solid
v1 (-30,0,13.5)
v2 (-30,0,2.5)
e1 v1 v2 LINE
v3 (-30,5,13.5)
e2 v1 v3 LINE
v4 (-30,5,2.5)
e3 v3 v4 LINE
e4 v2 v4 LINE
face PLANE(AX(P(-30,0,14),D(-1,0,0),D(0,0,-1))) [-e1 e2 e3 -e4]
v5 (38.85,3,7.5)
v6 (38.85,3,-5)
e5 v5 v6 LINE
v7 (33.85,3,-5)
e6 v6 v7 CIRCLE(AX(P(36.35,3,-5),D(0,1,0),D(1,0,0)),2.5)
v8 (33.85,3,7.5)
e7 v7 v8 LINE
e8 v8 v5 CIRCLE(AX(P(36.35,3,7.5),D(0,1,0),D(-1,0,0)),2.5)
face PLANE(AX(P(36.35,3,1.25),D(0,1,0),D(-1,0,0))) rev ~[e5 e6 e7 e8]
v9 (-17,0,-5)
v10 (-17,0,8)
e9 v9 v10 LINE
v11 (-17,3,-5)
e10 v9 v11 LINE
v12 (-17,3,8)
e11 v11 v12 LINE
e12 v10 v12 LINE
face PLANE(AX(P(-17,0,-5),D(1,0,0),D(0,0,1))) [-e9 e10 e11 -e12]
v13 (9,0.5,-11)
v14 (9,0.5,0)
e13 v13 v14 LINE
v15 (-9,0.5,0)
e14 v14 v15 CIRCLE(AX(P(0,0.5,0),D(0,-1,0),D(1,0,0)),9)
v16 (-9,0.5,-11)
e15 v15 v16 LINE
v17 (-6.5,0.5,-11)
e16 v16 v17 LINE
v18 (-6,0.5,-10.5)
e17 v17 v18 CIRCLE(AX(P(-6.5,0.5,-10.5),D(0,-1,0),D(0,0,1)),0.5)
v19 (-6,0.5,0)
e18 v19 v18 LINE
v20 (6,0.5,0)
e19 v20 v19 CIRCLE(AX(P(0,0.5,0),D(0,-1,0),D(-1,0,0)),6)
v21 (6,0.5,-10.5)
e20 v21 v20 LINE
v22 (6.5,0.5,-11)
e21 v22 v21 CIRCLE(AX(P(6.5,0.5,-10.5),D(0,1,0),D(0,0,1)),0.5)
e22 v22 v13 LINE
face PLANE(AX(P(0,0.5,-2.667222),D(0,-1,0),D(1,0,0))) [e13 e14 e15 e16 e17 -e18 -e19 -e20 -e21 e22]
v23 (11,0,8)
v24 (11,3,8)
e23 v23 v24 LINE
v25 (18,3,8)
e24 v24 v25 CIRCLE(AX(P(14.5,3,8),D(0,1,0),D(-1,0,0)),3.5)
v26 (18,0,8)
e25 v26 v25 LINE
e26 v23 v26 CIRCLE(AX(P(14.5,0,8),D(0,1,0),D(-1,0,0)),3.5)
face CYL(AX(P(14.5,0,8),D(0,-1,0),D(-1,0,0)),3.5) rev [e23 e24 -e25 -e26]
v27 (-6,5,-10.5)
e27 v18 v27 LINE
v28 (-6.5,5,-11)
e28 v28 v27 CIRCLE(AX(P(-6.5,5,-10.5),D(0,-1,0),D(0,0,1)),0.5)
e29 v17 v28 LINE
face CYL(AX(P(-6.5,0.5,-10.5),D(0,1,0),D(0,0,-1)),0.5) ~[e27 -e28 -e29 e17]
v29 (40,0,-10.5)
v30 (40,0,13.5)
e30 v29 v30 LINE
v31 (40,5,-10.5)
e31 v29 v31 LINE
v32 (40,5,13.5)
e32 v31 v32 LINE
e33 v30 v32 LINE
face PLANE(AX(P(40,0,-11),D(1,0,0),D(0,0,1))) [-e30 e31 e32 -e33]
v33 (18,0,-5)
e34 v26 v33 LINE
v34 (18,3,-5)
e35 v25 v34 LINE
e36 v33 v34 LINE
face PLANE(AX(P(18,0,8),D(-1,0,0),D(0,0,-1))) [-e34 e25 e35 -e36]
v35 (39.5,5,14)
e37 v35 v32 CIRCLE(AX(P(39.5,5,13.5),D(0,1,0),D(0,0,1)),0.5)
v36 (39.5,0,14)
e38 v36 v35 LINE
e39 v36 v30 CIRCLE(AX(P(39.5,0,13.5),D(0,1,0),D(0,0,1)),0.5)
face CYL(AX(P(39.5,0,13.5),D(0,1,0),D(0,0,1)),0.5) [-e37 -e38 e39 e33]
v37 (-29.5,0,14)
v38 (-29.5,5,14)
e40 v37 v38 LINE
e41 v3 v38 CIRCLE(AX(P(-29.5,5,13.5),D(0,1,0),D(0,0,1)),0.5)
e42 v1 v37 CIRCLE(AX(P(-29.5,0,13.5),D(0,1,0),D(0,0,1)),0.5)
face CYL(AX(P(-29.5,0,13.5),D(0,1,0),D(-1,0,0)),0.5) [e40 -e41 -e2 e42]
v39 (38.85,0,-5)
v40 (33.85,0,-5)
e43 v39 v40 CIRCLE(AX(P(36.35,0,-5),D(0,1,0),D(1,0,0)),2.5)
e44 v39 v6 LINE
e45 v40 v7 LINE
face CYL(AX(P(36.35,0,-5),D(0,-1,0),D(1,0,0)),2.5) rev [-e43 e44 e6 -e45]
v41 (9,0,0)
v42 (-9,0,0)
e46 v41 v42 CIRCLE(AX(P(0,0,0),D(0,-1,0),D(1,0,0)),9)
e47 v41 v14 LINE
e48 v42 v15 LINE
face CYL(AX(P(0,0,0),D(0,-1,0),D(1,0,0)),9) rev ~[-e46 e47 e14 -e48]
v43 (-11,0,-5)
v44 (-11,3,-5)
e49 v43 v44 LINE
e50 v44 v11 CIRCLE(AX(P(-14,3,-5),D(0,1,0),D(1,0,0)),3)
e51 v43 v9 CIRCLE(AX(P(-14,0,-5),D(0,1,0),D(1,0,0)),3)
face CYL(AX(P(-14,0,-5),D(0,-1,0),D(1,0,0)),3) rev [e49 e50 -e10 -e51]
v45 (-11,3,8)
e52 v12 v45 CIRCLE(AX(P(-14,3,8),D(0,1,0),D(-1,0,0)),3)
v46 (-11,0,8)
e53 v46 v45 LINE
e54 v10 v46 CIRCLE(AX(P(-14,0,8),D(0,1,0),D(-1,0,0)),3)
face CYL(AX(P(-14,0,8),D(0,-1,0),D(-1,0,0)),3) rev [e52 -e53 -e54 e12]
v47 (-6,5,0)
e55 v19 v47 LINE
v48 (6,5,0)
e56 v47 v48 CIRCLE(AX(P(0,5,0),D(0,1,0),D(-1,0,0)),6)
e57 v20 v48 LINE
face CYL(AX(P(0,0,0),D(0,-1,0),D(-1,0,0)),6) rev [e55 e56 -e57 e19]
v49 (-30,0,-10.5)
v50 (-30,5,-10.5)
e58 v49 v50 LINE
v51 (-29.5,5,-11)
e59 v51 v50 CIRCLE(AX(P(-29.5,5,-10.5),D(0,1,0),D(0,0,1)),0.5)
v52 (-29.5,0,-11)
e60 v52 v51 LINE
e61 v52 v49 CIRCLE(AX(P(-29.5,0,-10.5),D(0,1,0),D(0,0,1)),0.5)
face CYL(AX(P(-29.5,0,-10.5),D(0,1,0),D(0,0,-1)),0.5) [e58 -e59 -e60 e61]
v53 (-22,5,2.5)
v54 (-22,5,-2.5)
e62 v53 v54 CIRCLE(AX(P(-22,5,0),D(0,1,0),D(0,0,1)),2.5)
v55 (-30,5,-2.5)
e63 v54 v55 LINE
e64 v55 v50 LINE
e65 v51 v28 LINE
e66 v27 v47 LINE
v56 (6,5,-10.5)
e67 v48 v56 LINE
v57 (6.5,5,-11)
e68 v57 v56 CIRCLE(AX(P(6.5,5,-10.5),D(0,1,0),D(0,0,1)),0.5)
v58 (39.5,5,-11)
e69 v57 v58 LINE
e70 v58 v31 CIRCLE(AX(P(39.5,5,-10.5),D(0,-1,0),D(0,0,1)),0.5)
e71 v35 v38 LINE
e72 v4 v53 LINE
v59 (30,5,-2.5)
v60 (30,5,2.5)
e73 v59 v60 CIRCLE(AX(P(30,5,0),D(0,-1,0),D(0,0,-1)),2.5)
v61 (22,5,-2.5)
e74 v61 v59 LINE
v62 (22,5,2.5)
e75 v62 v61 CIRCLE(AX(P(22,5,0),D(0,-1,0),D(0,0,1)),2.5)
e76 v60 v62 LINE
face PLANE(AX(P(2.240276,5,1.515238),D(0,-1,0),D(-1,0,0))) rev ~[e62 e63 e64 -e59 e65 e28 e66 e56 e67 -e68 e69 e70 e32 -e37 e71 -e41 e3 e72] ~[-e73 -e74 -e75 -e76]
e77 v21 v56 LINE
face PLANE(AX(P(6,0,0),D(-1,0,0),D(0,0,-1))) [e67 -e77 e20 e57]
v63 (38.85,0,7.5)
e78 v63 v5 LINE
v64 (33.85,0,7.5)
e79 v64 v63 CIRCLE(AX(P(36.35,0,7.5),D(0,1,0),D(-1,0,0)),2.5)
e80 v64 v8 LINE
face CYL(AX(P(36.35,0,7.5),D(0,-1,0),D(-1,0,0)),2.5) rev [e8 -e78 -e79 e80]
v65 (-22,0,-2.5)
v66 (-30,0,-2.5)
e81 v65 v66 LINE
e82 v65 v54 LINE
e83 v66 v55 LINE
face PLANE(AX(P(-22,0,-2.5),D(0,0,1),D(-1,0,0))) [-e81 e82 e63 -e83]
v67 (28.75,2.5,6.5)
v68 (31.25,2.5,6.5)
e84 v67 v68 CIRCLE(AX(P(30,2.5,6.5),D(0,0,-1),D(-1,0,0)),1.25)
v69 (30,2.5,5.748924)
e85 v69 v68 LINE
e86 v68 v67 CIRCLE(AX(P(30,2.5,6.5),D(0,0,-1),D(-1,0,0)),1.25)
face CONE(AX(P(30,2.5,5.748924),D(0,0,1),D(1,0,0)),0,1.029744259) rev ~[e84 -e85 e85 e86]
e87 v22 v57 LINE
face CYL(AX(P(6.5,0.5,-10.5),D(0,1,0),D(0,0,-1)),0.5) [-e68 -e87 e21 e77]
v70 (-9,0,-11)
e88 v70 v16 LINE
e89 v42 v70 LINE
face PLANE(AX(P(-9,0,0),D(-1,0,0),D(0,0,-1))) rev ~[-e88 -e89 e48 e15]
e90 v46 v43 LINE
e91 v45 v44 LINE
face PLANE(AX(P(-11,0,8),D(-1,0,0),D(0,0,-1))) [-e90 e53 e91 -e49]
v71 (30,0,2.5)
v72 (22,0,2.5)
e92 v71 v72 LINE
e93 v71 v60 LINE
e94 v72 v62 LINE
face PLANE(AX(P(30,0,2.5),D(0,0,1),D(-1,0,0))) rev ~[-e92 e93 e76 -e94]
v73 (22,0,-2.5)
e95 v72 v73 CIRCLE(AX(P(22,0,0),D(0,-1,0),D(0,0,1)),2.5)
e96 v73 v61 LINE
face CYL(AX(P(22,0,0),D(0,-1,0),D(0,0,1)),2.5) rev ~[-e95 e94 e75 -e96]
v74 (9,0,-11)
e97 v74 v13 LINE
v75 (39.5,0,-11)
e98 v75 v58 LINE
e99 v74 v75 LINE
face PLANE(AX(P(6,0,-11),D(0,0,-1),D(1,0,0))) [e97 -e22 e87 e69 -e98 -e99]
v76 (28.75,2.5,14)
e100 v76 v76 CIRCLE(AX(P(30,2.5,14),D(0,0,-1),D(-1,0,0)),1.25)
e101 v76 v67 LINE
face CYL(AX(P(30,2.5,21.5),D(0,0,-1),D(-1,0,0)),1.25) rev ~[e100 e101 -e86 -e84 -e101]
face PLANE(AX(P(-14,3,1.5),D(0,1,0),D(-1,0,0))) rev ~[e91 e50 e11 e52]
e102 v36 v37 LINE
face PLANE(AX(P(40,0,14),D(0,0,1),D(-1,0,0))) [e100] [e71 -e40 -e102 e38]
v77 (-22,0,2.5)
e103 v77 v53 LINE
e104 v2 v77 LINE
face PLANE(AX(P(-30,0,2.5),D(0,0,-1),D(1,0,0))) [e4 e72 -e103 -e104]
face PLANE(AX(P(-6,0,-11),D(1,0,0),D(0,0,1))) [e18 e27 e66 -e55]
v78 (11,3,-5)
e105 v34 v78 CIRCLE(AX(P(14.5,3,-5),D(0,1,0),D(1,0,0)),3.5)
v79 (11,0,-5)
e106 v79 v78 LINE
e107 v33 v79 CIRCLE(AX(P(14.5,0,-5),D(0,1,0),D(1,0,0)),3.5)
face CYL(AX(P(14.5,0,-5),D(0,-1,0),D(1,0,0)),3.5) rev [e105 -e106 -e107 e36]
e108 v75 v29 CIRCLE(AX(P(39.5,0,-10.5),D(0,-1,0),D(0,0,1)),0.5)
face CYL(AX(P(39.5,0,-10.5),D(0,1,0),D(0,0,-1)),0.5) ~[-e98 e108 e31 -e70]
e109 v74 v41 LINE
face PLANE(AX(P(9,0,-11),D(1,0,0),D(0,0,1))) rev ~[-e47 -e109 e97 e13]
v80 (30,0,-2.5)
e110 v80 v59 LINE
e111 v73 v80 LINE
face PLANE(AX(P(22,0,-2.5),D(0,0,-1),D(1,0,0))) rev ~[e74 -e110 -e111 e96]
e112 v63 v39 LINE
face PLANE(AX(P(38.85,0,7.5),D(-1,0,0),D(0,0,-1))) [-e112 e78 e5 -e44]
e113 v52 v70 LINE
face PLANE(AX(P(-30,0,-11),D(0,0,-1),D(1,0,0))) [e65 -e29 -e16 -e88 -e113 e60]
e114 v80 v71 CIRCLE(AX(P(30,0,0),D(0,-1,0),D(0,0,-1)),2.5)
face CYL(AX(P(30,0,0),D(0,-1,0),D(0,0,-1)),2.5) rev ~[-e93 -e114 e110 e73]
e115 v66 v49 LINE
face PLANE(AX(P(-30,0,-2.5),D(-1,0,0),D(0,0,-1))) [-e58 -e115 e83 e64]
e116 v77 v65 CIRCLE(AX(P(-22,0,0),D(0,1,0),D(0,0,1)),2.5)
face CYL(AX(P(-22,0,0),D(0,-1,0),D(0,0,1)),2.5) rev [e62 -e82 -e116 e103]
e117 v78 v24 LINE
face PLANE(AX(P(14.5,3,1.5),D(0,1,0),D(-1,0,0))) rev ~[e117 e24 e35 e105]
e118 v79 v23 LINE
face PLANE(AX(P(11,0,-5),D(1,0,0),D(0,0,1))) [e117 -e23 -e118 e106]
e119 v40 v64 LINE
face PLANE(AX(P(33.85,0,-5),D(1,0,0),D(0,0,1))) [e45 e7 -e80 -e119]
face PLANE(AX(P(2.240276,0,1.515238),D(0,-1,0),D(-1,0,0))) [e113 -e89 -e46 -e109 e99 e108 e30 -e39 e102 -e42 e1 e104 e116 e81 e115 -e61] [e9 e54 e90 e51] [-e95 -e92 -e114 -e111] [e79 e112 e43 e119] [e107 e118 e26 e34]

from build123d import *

# Parameters (mm, degrees)
BOSS_EXTRUDE1_DEPTH       = 5
CUT_EXTRUDE1_DEPTH        = 0.5
CUT_EXTRUDE2_DEPTH        = 3
M3X0_5_TAPPED_HOLE1_D     = 2.5
M3X0_5_TAPPED_HOLE1_DEPTH = 7.5
M3X0_5_TAPPED_HOLE1_TIP   = 0.751075774
FILLET1_R                 = 0.5


with BuildPart() as part:
    # Sketch1 → Boss-Extrude1 (new body)
    with BuildSketch(Plane(origin=(0, 0, 0), x_dir=(1, 0, 0), z_dir=(0, 1, 0))):
        with BuildLine():
            Line((-30, 11), (-6, 11))
            Line((-6, 11), (-6, 0))
            ThreePointArc((-6, 0), (0, -6), (6, 0))
            Line((6, 0), (6, 11))
            Line((6, 11), (40, 11))
            Line((40, 11), (40, -14))
            Line((40, -14), (-30, -14))
            Line((-30, -14), (-30, -2.5))
            Line((-30, -2.5), (-22, -2.5))
            ThreePointArc((-22, -2.5), (-19.5, 0), (-22, 2.5))
            Line((-22, 2.5), (-30, 2.5))
            Line((-30, 2.5), (-30, 11))
        make_face()
        with BuildLine():
            Line((22, 2.5), (30, 2.5))
            ThreePointArc((30, 2.5), (32.5, 0), (30, -2.5))
            Line((30, -2.5), (22, -2.5))
            ThreePointArc((22, -2.5), (19.5, 0), (22, 2.5))
        make_face(mode=Mode.SUBTRACT)
    extrude(amount=BOSS_EXTRUDE1_DEPTH)

    # Sketch2 → Cut-Extrude1 (cut)
    with BuildSketch(Plane.XZ):
        with BuildLine():
            Line((-9, 0), (-9, -11))
            Line((-9, -11), (9, -11))
            Line((9, -11), (9, 0))
            ThreePointArc((9, 0), (0, 9), (-9, 0))
        make_face()
    extrude(amount=-CUT_EXTRUDE1_DEPTH, mode=Mode.SUBTRACT)

    # Sketch3 → Cut-Extrude2 (cut)
    with BuildSketch(Plane.XZ):
        with BuildLine():
            Line((-11, 8), (-11, -5))
            ThreePointArc((-11, -5), (-14, -8), (-17, -5))
            Line((-17, -5), (-17, 8))
            ThreePointArc((-17, 8), (-14, 11), (-11, 8))
        make_face()
        with BuildLine():
            Line((18, 8), (18, -5))
            ThreePointArc((18, -5), (14.5, -8.5), (11, -5))
            Line((11, -5), (11, 8))
            ThreePointArc((11, 8), (14.5, 11.5), (18, 8))
        make_face()
        with BuildLine():
            Line((38.85, 7.5), (38.85, -5))
            ThreePointArc((38.85, -5), (36.35, -7.5), (33.85, -5))
            Line((33.85, -5), (33.85, 7.5))
            ThreePointArc((33.85, 7.5), (36.35, 10), (38.85, 7.5))
        make_face()
    extrude(amount=-CUT_EXTRUDE2_DEPTH, mode=Mode.SUBTRACT)

    # M3x0.5 Tapped Hole1
    with Locations(Plane.XY.offset(14)):
        with Locations((30, 2.5)):
            Hole(M3X0_5_TAPPED_HOLE1_D / 2, depth=M3X0_5_TAPPED_HOLE1_DEPTH)
            with Locations((0, 0, -(M3X0_5_TAPPED_HOLE1_DEPTH + M3X0_5_TAPPED_HOLE1_TIP / 2))):  # 118° drill point
                Cone(0, M3X0_5_TAPPED_HOLE1_D / 2, M3X0_5_TAPPED_HOLE1_TIP, mode=Mode.SUBTRACT)

    # Fillet1
    fillet1_edges = [part.edges().sort_by_distance(p)[0] for p in [
        (40, 2.5, -11),
        (40, 2.5, 14),
        (-30, 2.5, 14),
        (-30, 2.5, -11),
        (-6, 2.75, -11),
        (6, 2.75, -11),
    ]]
    fillet(fillet1_edges, radius=FILLET1_R)


solid = part.part
